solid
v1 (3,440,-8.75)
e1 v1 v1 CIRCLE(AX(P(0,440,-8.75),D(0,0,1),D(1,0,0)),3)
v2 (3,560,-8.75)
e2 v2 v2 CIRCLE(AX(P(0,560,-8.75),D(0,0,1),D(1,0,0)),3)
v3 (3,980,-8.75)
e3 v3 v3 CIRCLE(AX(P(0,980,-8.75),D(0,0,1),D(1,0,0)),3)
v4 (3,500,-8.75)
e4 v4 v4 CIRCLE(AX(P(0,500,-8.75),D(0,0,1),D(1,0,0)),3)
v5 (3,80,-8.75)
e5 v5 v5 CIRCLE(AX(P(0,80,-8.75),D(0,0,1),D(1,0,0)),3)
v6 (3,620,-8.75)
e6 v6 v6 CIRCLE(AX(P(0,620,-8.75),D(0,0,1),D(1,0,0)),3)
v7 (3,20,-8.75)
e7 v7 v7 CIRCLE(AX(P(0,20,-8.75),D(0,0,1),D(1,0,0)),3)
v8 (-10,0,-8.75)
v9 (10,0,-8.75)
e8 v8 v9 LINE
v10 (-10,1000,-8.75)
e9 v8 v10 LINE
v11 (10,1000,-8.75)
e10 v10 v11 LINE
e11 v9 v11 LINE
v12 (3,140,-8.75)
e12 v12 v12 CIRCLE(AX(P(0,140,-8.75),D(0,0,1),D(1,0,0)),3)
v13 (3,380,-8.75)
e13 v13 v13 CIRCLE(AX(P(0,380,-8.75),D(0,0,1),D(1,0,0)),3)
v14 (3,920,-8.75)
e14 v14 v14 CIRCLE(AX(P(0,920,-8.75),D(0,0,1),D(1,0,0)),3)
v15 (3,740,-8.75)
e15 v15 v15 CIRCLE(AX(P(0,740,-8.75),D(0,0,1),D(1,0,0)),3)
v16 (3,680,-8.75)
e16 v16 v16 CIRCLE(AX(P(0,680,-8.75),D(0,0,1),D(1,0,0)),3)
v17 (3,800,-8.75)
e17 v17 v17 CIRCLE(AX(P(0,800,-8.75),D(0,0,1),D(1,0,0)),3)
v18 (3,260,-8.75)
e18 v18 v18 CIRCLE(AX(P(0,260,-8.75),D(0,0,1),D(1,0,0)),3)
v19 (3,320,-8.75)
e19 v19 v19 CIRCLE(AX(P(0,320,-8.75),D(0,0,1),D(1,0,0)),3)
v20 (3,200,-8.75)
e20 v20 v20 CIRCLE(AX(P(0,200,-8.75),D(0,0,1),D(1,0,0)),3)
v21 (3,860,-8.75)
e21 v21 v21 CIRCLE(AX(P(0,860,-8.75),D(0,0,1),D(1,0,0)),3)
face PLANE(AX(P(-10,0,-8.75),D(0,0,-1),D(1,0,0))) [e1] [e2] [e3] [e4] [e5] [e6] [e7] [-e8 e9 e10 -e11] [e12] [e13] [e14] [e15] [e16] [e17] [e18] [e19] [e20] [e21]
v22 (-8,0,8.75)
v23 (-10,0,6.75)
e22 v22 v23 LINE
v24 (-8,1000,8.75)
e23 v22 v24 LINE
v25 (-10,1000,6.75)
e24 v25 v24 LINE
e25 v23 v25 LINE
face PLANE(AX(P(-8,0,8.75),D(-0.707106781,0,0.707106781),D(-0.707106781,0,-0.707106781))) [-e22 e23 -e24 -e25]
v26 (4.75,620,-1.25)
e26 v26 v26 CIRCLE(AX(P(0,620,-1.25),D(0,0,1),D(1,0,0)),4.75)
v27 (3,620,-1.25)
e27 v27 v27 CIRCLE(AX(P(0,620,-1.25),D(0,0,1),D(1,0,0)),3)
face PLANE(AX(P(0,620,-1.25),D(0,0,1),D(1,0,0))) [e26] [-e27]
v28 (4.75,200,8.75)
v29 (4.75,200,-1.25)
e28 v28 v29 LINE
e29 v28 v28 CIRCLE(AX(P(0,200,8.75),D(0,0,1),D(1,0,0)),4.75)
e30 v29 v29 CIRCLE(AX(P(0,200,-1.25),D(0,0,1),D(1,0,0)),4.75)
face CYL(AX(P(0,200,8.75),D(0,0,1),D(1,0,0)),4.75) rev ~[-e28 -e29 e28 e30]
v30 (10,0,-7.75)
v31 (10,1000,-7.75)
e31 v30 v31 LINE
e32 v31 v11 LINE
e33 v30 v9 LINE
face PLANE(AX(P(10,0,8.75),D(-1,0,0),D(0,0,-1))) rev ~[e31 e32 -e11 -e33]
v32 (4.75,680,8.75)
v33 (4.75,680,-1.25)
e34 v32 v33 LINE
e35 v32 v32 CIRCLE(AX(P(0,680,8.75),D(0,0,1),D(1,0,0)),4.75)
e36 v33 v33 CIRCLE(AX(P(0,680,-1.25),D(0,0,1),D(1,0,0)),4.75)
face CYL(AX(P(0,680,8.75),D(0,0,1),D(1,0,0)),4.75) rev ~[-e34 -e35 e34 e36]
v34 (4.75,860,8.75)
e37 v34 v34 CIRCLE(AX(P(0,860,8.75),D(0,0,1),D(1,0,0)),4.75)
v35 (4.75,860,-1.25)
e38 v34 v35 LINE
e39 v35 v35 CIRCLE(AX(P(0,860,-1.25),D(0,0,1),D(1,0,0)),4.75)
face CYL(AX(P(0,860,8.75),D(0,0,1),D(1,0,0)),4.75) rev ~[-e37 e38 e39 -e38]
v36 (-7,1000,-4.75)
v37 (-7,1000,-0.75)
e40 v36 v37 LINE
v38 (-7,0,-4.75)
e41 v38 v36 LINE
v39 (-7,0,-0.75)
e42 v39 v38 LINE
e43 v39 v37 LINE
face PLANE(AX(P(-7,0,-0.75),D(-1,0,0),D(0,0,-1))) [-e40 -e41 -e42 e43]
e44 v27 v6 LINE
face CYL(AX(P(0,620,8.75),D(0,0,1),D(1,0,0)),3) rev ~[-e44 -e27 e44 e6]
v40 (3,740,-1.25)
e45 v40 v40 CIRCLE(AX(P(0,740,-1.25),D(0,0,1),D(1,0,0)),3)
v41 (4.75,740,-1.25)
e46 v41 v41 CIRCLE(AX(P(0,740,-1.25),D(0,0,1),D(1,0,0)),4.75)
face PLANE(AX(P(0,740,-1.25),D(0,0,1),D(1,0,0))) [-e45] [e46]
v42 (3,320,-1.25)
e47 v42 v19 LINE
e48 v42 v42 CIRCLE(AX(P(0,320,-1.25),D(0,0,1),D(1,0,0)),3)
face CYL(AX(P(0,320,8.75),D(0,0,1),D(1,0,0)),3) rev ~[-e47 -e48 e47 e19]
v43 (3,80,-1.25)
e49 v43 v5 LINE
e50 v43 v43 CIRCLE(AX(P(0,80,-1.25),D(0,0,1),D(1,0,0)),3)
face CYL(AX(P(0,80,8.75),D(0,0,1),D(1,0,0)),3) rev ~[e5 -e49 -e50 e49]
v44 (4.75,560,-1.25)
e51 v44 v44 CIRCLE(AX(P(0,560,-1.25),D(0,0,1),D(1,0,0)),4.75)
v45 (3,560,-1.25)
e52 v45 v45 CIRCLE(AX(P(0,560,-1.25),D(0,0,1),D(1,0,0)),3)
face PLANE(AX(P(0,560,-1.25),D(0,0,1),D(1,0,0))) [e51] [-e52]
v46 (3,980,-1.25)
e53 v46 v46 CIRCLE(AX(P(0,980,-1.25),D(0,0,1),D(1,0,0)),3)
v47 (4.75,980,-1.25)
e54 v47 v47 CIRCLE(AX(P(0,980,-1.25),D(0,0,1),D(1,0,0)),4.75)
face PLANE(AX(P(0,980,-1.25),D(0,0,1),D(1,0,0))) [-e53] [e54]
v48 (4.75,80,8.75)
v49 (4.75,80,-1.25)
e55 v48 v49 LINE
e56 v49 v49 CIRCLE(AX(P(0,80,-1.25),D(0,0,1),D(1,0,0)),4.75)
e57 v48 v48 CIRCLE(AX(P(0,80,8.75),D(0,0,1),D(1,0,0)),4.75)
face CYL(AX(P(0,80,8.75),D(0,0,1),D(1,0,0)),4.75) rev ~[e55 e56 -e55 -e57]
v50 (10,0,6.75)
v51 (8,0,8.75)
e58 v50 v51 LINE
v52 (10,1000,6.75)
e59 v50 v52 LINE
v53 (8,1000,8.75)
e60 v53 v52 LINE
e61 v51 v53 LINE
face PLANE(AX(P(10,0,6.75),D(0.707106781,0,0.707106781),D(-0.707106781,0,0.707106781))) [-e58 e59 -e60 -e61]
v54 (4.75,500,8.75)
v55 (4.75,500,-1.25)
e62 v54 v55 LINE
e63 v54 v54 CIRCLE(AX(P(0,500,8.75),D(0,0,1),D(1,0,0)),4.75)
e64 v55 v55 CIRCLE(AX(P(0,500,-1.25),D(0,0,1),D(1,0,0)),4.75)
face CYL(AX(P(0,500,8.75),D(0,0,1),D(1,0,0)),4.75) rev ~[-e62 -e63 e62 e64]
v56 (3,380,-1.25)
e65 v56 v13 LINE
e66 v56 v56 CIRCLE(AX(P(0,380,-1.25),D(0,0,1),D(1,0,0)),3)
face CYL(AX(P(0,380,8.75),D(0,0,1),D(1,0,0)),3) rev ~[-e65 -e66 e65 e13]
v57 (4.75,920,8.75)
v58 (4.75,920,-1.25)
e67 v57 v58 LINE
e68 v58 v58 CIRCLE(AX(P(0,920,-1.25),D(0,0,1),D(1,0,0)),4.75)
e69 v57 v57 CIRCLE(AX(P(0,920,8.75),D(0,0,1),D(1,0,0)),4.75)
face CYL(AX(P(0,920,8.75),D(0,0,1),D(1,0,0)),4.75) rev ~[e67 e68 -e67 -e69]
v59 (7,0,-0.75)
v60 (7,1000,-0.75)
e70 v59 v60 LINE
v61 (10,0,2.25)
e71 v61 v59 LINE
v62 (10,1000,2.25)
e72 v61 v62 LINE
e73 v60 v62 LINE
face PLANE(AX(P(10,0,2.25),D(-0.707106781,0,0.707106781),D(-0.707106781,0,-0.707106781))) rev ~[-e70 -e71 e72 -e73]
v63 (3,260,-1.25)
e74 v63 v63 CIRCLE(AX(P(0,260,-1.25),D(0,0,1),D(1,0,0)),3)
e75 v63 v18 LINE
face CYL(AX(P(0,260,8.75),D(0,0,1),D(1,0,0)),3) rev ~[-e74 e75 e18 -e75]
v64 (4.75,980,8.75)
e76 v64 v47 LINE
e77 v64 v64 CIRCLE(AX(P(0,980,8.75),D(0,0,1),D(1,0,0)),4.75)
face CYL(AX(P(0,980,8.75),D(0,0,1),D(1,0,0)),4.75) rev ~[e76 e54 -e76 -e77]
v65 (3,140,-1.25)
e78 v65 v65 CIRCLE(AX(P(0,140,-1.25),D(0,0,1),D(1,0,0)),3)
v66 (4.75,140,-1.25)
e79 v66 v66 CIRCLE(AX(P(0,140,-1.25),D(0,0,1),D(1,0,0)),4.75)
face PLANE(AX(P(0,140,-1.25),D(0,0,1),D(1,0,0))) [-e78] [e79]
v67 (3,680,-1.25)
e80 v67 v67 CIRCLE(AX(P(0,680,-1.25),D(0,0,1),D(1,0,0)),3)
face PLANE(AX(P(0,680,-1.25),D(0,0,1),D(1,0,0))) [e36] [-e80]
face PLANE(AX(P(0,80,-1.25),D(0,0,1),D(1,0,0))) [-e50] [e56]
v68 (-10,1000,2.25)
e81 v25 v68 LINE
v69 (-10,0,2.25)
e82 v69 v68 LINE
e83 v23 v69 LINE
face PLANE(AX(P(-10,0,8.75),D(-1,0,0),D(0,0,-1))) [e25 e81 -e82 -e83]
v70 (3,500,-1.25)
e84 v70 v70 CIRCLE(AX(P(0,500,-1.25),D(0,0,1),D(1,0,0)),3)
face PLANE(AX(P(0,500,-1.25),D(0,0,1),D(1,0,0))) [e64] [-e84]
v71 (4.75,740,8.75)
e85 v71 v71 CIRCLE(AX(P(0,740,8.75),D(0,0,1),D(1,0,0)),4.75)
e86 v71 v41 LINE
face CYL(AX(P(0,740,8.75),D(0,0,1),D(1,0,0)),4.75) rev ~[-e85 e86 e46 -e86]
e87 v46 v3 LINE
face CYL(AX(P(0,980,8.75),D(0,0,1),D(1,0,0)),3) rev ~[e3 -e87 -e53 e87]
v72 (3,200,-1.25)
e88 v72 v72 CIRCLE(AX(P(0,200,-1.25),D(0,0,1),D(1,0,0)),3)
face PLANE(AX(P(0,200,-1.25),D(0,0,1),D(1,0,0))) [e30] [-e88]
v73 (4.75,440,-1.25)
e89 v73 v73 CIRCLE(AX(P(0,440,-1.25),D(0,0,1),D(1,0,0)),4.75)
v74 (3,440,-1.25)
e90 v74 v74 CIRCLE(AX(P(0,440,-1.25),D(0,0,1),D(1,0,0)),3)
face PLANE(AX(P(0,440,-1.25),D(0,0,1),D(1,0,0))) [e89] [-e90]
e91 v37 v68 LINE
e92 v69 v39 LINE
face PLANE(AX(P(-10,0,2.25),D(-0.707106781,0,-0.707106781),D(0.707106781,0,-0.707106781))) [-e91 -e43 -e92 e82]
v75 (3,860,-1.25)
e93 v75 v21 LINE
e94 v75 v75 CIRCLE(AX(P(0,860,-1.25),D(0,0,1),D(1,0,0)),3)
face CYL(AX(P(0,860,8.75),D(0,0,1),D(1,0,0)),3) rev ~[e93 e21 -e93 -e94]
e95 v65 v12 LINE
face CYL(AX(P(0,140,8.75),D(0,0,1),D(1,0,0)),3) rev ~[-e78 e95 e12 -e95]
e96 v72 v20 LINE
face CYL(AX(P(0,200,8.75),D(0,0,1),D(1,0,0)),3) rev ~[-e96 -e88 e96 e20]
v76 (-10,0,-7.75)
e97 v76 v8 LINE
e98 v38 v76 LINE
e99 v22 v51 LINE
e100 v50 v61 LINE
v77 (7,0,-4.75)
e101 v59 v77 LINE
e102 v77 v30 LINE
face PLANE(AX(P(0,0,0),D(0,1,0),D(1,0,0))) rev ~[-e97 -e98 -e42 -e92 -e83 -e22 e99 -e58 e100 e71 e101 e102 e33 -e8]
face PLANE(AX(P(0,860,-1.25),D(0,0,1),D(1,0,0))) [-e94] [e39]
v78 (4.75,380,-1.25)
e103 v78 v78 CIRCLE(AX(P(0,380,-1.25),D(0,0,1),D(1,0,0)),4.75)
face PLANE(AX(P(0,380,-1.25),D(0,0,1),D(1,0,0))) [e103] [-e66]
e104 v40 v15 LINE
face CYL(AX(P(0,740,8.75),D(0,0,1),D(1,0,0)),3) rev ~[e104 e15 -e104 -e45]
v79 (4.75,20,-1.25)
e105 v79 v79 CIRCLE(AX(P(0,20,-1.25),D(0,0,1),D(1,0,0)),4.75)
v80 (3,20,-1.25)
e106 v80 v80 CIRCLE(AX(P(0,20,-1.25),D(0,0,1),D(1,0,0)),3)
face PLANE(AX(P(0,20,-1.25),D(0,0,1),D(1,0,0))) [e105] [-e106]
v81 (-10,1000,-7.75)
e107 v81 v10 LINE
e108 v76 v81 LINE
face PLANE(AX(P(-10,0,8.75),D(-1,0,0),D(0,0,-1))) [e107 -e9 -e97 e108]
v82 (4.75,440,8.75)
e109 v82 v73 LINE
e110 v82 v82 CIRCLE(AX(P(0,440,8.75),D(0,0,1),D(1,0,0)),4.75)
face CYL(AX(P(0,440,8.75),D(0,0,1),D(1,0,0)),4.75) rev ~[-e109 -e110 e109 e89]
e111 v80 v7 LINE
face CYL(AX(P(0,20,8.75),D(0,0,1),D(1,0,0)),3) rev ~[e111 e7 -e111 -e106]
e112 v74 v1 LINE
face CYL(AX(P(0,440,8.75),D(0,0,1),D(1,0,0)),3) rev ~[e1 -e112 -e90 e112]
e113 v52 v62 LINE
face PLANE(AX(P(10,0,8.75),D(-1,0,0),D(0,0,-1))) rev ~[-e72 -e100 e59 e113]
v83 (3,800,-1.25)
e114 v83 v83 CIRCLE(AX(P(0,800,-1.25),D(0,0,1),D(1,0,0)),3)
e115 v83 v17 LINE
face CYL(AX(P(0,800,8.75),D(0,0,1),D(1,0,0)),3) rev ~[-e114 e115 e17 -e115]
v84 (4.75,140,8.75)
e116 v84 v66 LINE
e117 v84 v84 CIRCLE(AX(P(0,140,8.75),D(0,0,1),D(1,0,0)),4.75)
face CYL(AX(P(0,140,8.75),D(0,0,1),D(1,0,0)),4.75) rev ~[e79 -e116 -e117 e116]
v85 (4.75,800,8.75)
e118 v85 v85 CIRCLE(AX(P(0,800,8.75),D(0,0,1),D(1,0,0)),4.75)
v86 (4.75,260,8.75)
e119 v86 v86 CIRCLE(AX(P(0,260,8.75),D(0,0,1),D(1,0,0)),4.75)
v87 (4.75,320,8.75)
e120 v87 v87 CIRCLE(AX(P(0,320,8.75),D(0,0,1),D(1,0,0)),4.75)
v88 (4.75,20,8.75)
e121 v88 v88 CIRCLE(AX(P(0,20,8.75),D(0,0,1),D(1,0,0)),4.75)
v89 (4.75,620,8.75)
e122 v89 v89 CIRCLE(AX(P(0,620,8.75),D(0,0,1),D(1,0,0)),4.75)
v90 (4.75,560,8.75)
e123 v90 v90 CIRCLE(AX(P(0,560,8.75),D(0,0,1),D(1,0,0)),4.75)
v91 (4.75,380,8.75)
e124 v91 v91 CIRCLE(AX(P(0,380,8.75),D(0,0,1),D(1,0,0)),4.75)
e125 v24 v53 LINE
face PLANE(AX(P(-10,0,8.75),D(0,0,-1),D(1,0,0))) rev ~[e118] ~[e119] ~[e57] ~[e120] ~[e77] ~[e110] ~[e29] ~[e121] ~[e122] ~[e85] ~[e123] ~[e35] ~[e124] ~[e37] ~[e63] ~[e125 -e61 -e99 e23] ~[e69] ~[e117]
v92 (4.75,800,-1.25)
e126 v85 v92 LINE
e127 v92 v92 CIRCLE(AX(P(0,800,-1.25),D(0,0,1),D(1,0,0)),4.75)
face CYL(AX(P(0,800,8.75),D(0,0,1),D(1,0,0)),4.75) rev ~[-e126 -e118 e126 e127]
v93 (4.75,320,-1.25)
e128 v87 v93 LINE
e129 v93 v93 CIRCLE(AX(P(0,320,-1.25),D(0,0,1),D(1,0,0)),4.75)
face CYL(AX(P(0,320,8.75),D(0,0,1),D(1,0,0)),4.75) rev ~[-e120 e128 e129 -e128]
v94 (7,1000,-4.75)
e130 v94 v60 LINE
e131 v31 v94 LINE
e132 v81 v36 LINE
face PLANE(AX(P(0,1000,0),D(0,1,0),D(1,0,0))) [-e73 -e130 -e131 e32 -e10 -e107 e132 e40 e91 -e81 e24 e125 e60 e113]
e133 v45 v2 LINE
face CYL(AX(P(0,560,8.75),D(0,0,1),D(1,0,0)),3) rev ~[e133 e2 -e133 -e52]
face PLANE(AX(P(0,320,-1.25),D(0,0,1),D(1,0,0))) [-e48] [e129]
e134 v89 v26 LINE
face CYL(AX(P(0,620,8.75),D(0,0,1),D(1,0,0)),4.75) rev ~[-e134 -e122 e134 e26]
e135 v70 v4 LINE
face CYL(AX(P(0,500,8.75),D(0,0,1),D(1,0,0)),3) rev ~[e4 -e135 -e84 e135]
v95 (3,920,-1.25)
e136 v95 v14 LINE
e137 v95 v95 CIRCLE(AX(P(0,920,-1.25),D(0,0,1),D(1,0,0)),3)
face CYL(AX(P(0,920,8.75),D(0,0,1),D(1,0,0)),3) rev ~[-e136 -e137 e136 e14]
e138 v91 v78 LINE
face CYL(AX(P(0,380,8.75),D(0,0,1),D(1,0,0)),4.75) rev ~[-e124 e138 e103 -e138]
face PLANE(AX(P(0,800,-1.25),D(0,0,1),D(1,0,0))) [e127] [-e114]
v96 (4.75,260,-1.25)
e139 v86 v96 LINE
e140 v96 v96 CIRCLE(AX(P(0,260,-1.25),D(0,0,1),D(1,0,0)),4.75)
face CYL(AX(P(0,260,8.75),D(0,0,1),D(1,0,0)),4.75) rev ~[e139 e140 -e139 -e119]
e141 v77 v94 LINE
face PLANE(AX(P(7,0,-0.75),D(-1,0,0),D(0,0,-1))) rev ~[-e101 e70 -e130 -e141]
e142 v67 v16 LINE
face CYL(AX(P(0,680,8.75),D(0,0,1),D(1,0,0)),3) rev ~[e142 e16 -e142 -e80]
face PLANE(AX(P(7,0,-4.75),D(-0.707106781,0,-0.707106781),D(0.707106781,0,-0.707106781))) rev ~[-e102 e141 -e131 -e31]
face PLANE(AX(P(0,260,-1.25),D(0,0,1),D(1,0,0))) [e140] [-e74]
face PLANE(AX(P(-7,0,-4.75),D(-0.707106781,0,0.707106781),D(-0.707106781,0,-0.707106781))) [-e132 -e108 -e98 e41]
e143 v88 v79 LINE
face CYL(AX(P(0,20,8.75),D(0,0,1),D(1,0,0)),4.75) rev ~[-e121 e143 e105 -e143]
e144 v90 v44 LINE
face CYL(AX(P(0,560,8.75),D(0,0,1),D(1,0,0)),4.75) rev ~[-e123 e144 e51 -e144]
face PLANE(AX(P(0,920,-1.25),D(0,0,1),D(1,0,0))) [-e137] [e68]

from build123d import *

# Parameters (mm, degrees)
SKETCH_1_W          = 20
SKETCH_1_H          = 17.5
EXTRUDE_1_DEPTH     = 1000
CUT_EXTRUDE_1_DEPTH = 1001.088277354
SKETCH_3_R          = 3
CUT_EXTRUDE_2_DEPTH = 1001.203104374
SKETCH_4_R          = 4.75
CUT_EXTRUDE_3_DEPTH = 10


with BuildPart() as part:
    # 草图1 → 凸台-拉伸1 (new body)
    with BuildSketch(Plane(origin=(0, 0, 0), x_dir=(1, 0, 0), z_dir=(0, 1, 0))):
        Rectangle(SKETCH_1_W, SKETCH_1_H)
    extrude(amount=EXTRUDE_1_DEPTH)

    # 草图2 → 切除-拉伸1 (cut, through all)
    with BuildSketch(Plane.XZ):
        Polygon((-8, 8.75), (-10, 6.75), (-10, 8.75), align=None)
        Polygon((10, 6.75), (8, 8.75), (10, 8.75), align=None)
        Polygon((10, 2.25), (7, -0.75), (7, -4.75), (10, -7.75), align=None)
        Polygon((-7, -4.75), (-10, -7.75), (-10, 2.25), (-7, -0.75), align=None)
    extrude(amount=-CUT_EXTRUDE_1_DEPTH, mode=Mode.SUBTRACT)

    # 草图3 → 切除-拉伸2 (cut, through all)
    with BuildSketch(Plane.XY.offset(8.75)):
        with Locations((0, 980)):
            Circle(SKETCH_3_R)
        with Locations((0, 920)):
            Circle(SKETCH_3_R)
        with Locations((0, 860)):
            Circle(SKETCH_3_R)
        with Locations((0, 800)):
            Circle(SKETCH_3_R)
        with Locations((0, 740)):
            Circle(SKETCH_3_R)
        with Locations((0, 680)):
            Circle(SKETCH_3_R)
        with Locations((0, 620)):
            Circle(SKETCH_3_R)
        with Locations((0, 560)):
            Circle(SKETCH_3_R)
        with Locations((0, 500)):
            Circle(SKETCH_3_R)
        with Locations((0, 440)):
            Circle(SKETCH_3_R)
        with Locations((0, 380)):
            Circle(SKETCH_3_R)
        with Locations((0, 320)):
            Circle(SKETCH_3_R)
        with Locations((0, 260)):
            Circle(SKETCH_3_R)
        with Locations((0, 200)):
            Circle(SKETCH_3_R)
        with Locations((0, 140)):
            Circle(SKETCH_3_R)
        with Locations((0, 80)):
            Circle(SKETCH_3_R)
        with Locations((0, 20)):
            Circle(SKETCH_3_R)
    extrude(amount=-CUT_EXTRUDE_2_DEPTH, mode=Mode.SUBTRACT)

    # 草图4 → 切除-拉伸3 (cut)
    with BuildSketch(Plane.XY.offset(8.75)):
        with Locations((0, 980)):
            Circle(SKETCH_4_R)
        with Locations((0, 920)):
            Circle(SKETCH_4_R)
        with Locations((0, 860)):
            Circle(SKETCH_4_R)
        with Locations((0, 800)):
            Circle(SKETCH_4_R)
        with Locations((0, 740)):
            Circle(SKETCH_4_R)
        with Locations((0, 680)):
            Circle(SKETCH_4_R)
        with Locations((0, 620)):
            Circle(SKETCH_4_R)
        with Locations((0, 560)):
            Circle(SKETCH_4_R)
        with Locations((0, 500)):
            Circle(SKETCH_4_R)
        with Locations((0, 440)):
            Circle(SKETCH_4_R)
        with Locations((0, 380)):
            Circle(SKETCH_4_R)
        with Locations((0, 320)):
            Circle(SKETCH_4_R)
        with Locations((0, 260)):
            Circle(SKETCH_4_R)
        with Locations((0, 200)):
            Circle(SKETCH_4_R)
        with Locations((0, 140)):
            Circle(SKETCH_4_R)
        with Locations((0, 80)):
            Circle(SKETCH_4_R)
        with Locations((0, 20)):
            Circle(SKETCH_4_R)
    extrude(amount=-CUT_EXTRUDE_3_DEPTH, mode=Mode.SUBTRACT)


solid = part.part
